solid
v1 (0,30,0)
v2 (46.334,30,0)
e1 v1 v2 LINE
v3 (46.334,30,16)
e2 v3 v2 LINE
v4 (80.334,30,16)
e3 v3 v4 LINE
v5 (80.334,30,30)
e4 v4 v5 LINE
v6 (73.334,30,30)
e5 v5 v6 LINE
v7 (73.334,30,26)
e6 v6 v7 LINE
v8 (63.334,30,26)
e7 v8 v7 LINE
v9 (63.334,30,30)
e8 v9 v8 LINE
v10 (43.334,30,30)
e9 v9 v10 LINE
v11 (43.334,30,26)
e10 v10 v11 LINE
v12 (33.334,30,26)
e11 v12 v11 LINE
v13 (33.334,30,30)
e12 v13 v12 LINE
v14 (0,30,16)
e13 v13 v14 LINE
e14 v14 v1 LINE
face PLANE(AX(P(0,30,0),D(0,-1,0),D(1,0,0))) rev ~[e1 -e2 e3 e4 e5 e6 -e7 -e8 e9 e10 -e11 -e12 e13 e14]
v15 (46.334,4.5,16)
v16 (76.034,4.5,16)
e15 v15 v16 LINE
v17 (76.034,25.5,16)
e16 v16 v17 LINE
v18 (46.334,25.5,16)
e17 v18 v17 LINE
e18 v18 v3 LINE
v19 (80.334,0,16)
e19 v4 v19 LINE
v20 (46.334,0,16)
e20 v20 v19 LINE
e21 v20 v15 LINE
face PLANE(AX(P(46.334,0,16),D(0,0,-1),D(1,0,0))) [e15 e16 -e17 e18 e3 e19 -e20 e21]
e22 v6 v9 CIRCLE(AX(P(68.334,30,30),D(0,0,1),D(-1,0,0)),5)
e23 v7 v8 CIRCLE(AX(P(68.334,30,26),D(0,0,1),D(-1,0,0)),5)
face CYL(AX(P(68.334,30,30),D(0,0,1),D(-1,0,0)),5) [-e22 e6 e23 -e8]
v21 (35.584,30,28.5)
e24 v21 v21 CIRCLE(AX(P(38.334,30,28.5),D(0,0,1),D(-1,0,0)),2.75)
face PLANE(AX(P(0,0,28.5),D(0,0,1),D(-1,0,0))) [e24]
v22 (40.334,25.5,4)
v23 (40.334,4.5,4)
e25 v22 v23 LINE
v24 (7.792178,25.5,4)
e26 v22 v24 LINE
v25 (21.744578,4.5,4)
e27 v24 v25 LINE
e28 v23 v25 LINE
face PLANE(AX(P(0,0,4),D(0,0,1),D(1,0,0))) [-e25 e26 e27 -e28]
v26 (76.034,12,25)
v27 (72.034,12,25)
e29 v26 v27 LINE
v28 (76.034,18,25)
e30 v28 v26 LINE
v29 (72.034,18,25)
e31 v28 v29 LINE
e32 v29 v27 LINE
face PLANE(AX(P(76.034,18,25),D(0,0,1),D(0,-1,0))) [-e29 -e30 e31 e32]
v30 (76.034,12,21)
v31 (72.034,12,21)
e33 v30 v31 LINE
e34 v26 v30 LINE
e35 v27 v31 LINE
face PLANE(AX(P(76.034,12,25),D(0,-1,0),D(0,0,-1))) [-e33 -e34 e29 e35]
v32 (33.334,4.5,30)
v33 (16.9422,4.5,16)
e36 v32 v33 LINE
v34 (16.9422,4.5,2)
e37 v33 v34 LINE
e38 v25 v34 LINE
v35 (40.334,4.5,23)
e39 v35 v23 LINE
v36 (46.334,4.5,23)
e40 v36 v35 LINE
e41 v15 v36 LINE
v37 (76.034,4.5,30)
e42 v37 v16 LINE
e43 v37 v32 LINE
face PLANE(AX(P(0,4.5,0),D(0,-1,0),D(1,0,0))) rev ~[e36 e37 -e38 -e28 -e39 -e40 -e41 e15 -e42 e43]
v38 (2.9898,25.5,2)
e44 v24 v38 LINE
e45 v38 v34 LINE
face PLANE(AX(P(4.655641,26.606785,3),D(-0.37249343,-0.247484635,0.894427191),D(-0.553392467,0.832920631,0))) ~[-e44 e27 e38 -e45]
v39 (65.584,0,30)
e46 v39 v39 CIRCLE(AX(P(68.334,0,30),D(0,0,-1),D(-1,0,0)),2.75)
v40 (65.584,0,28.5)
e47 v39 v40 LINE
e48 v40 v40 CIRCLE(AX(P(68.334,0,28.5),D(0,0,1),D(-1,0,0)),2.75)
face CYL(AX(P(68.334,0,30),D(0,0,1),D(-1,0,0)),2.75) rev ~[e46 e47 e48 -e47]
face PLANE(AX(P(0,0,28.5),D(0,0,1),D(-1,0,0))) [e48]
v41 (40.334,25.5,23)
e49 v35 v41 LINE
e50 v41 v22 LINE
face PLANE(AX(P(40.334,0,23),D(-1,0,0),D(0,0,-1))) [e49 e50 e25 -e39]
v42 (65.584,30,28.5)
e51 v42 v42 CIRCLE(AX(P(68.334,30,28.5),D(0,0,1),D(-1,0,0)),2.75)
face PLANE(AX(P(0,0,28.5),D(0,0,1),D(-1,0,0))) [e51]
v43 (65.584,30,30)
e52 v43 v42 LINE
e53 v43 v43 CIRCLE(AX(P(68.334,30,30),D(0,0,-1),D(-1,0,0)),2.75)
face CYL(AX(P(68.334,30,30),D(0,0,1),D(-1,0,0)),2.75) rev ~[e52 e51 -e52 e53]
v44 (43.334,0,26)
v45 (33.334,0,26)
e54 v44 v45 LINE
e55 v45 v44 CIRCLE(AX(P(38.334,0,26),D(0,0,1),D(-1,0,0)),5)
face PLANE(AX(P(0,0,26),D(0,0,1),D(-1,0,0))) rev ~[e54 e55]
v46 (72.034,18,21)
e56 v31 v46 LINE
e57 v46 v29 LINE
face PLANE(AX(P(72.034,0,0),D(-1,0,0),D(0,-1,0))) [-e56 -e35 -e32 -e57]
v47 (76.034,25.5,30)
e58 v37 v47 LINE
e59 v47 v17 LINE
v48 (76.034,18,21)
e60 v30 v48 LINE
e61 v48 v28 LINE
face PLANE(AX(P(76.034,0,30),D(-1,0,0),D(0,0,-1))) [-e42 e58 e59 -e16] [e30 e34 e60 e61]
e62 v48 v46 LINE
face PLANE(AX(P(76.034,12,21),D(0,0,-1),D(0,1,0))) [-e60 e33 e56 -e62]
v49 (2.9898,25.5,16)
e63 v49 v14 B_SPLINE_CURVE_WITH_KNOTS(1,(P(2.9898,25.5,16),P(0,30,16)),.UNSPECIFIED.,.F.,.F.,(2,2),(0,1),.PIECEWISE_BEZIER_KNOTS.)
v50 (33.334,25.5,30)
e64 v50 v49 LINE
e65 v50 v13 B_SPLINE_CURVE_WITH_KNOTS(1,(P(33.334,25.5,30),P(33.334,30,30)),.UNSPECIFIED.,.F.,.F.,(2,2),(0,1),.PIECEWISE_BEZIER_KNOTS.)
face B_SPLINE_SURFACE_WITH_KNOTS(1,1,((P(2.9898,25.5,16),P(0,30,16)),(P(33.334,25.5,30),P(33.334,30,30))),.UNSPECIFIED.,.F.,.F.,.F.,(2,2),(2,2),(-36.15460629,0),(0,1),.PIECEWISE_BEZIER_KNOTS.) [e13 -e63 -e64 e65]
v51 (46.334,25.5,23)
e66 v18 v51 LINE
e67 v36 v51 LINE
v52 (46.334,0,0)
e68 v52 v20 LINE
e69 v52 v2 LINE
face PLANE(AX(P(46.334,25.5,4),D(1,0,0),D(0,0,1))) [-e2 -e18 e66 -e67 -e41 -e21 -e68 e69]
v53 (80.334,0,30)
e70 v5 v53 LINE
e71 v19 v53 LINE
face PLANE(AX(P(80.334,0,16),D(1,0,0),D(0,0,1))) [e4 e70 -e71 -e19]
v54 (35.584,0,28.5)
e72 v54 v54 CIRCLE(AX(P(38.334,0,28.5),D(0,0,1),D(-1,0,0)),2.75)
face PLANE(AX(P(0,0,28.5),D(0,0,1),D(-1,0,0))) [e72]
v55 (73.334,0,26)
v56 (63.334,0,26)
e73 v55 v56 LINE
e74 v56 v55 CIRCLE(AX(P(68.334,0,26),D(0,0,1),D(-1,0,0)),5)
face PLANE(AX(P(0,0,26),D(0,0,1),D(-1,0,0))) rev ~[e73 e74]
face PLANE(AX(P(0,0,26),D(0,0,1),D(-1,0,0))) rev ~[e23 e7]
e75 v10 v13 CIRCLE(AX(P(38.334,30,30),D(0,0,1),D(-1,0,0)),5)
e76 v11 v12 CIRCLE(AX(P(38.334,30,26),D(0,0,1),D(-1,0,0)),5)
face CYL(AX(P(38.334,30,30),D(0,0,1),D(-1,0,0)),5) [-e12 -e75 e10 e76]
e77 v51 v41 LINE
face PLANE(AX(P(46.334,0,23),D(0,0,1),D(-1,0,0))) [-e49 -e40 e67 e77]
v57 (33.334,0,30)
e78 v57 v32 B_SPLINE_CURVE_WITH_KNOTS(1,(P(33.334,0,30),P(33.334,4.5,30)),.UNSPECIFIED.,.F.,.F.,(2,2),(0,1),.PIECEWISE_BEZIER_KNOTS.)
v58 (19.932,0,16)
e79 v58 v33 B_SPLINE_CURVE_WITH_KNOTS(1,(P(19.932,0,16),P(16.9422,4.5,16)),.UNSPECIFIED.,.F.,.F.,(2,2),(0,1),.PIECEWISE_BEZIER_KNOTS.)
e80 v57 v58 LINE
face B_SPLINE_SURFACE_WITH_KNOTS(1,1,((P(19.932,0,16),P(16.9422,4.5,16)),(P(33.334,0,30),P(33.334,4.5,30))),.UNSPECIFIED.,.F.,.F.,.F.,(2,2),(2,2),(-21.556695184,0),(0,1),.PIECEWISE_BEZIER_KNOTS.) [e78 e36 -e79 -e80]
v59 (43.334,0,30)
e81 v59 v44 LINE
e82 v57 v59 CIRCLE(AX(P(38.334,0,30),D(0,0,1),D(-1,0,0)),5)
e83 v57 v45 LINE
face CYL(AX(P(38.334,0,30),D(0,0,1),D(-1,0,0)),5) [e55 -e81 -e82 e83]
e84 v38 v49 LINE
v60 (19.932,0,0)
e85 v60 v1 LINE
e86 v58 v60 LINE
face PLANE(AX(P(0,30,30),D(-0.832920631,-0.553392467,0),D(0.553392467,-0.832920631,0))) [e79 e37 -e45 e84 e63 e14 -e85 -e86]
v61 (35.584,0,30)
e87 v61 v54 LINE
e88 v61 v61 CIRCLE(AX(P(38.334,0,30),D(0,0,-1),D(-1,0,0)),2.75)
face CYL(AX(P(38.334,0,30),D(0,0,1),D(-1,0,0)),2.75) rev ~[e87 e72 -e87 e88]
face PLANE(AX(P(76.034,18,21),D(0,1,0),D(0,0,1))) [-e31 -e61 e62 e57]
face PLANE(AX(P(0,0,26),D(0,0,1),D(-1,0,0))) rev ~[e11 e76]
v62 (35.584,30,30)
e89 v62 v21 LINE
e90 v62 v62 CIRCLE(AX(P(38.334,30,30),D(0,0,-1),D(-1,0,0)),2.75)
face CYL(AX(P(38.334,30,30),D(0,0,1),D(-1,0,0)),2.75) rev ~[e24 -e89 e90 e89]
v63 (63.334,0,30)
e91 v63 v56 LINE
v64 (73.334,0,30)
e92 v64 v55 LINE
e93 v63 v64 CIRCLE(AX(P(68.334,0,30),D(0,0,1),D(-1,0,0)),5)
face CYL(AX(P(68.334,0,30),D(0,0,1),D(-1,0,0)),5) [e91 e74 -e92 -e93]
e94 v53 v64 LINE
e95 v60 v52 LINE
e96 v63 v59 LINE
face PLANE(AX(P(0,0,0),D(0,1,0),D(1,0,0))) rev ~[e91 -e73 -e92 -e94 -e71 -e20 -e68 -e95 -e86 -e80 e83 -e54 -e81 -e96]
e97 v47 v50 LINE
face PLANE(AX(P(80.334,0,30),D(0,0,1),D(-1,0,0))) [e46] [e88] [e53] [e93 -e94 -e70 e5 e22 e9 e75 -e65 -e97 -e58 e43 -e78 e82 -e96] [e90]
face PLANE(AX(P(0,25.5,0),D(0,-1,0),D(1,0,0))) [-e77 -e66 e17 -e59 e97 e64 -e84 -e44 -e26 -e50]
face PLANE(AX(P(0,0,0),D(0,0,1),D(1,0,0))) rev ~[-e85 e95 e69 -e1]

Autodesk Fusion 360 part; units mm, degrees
sketch "Base" plane through (0, 0, 0) normal (0, 0, 1) x (1, 0, 0)
  line L0 (0, 0) -> (46.334, 0)
  line L1 (46.334, 0) -> (46.334, 30)
  line L2 (46.334, 30) -> (0, 30)
  line L3 (0, 30) -> (0, 0)
  dimension "d2" = 46.334
  dimension "d3" = 30
extrude "Extrude1" add sketch "Base" along normal blind 4
sketch "Side Profile" plane through (0, 0, 0) normal (0, -1, 0) x (1, 0, 0)
  line L0 (0, 0) -> (46.334, 0)
  line L1 (46.334, 0) -> (46.334, 4)
  line L2 (46.334, 4) -> (0, 4)
  line L3 (0, 4) -> (0, 0)
  line L4 (46.334, 4) -> (46.334, 16)
  line L5 (46.334, 16) -> (80.334, 16)
  line L6 (80.334, 16) -> (80.334, 30)
  line L7 (80.334, 30) -> (0, 30)
  line L8 (0, 30) -> (0, 4)
  dimension "d6" = 12
  dimension "d7" = 34
  dimension "d8" = 14
  dimension "d11" = 46.334
  dimension "d52" = 80.334
extrude "Extrude2" add sketch "Side Profile" against normal blind 4.5 contours L2 L4 L5 L6 L7 L8
extrude "Extrude3" add sketch "Side Profile" against normal blind 4.5 from surface at -25.5 contours L2 L4 L5 L6 L7 L8
sketch "Front End" plane through (0, 0, 0) normal (0, -1, 0) x (1, 0, 0)
  line L0 (0, 0) -> (46.334, 0)
  line L1 (46.334, 0) -> (46.334, 16)
  line L2 (46.334, 16) -> (80.334, 16)
  line L3 (80.334, 16) -> (80.334, 30)
  line L4 (80.334, 30) -> (0, 30)
  line L5 (0, 30) -> (0, 0)
  line L6 (80.334, 30) -> (76.034, 30)
  line L7 (76.034, 30) -> (76.034, 16)
  line L8 (76.034, 16) -> (80.334, 16)
  line L9 (80.334, 16) -> (80.334, 30)
  dimension "d17" = 4.3
extrude "Extrude4" add sketch "Front End" against normal blind 30 contours L2 L3 L4 L6 L7 L8 L9
sketch "Middle End" plane through (0, 0, 0) normal (0, -1, 0) x (1, 0, 0)
  line L0 (80.334, 30) -> (0, 30)
  line L1 (0, 30) -> (0, 0)
  line L2 (0, 0) -> (46.334, 0)
  line L3 (46.334, 0) -> (46.334, 16)
  line L4 (46.334, 16) -> (80.334, 16)
  line L5 (80.334, 16) -> (80.334, 30)
  line L6 (46.334, 23) -> (40.334, 23)
  line L7 (40.334, 23) -> (40.334, 0)
  line L8 (40.334, 0) -> (46.334, 0)
  line L9 (46.334, 0) -> (46.334, 23)
  dimension "d20" = 7
  dimension "d21" = 6
extrude "Extrude5" add sketch "Middle End" against normal blind 30 contours L2 L3 L6 L7 L8 L9
sketch "Lip" plane through (76.034, 0, 0) normal (-1, 0, 0) x (0, -1, 0)
  line L0 (-25.5, 30) -> (-25.5, 16)
  line L1 (-25.5, 16) -> (-4.5, 16)
  line L2 (-4.5, 16) -> (-4.5, 30)
  line L3 (-4.5, 30) -> (-25.5, 30)
  line L4 (-18, 25) -> (-12, 25)
  line L5 (-12, 25) -> (-12, 21)
  line L6 (-12, 21) -> (-18, 21)
  line L7 (-18, 21) -> (-18, 25)
  dimension "d24" = 5
  dimension "d25" = 6
  dimension "d26" = 4
  dimension "d27" = 7.5
extrude "Extrude6" add sketch "Lip" along normal blind 4 contours L4 L5 L6 L7
sketch "Magnet Holders" plane through (0, 0, 30) normal (0, 0, 1) x (-1, 0, 0)
  line L0 (-80.334, -30) -> (0, -30)
  line L1 (0, -30) -> (0, -25.5)
  line L2 (0, -25.5) -> (-76.034, -25.5)
  line L3 (-76.034, -25.5) -> (-76.034, -4.5)
  line L4 (-76.034, -4.5) -> (0, -4.5)
  line L5 (0, -4.5) -> (0, 0)
  line L6 (0, 0) -> (-80.334, 0)
  line L7 (-80.334, 0) -> (-80.334, -30)
  circle A0 centre (-68.334, -30) radius 5
  circle A1 centre (-38.334, -30) radius 5
  circle A2 centre (-38.334, 0) radius 5
  circle A3 centre (-68.334, 0) radius 5
  circle A4 centre (-38.334, 0) radius 2.75
  circle A5 centre (-68.334, 0) radius 2.75
  circle A6 centre (-38.334, -30) radius 2.75
  circle A7 centre (-68.334, -30) radius 2.75
  dimension "d33" = 10
  dimension "d34" = 10
  dimension "d35" = 10
  dimension "d36" = 10
  dimension "d37" = 12
  dimension "d38" = 12
  dimension "d43" = 5.5
  dimension "d44" = 5.5
  dimension "d45" = 5.5
  dimension "d46" = 5.5
  dimension "d50" = 42
  dimension "d51" = 42
extrude "Extrude8" add sketch "Magnet Holders" against normal blind 4 contours L0 A7 | L0 A0 A7 | L0 A1 A6 | L0 A6 | L6 A3 A5 | L6 A5 | L6 A2 A4 | L6 A4 picked at (-68.2655, -30.9141) picked at (-37.4674, -30.6679) picked at (-68.2655, 0.9141) picked at (-39.0365, 1.0303)
extrude "Extrude9" cut sketch "Magnet Holders" against normal blind 1.5 contours L0 A7 | L0 A7 | L0 A6 | L0 A6 | L6 A5 | L6 A5 | L6 A4 | L6 A4
sketch "Conduit Angle" plane through (0, 0, 30) normal (0, 0, 1) x (-1, 0, 0)
  circle A0 centre (-68.334, 0) radius 2.75
  circle A1 centre (-38.334, -30) radius 2.75
  circle A2 centre (-38.334, 0) radius 2.75
  circle A3 centre (-68.334, -30) radius 2.75
  line L0 (-33.334, -30) -> (0, -30)
  line L1 (0, -30) -> (0, -25.5)
  line L2 (0, -25.5) -> (-76.034, -25.5)
  line L3 (-76.034, -25.5) -> (-76.034, -4.5)
  line L4 (-76.034, -4.5) -> (0, -4.5)
  line L5 (0, -4.5) -> (0, 0)
  line L6 (0, 0) -> (-33.334, 0)
  arc A4 (-33.334, 0) -> (-43.334, 0) centre (-38.334, 0) ccw
  line L7 (-43.334, 0) -> (-63.334, 0)
  arc A5 (-63.334, 0) -> (-73.334, 0) centre (-68.334, 0) ccw
  line L8 (-73.334, 0) -> (-80.334, 0)
  line L9 (-80.334, 0) -> (-80.334, -30)
  line L10 (-80.334, -30) -> (-73.334, -30)
  arc A6 (-73.334, -30) -> (-63.334, -30) centre (-68.334, -30) ccw
  line L11 (-63.334, -30) -> (-43.334, -30)
  arc A7 (-43.334, -30) -> (-33.334, -30) centre (-38.334, -30) ccw
  line L12 (-40.334, -4.5) -> (-40.334, -25.5)
  line L13 (-40.334, -25.5) -> (0, -25.5)
  line L14 (0, -25.5) -> (0, -4.5)
  line L15 (0, -4.5) -> (-40.334, -4.5)
  line L16 (0, -30) -> (-19.932, 0)
  dimension "d53" = 33.6
extrude "Extrude10" cut sketch "Conduit Angle" against normal blind 30 contours L1 L2 L13 L16 | L2 L4 L13 L14 L15 L16 | L4 L5 L6 L15 L16
sketch "Conduit Height" plane through (13.8279, 9.1873, 0) normal (-0.8329, -0.5534, 0) x (0.5534, -0.8329, 0)
  line L0 (-19.585, 4) -> (-19.585, 30)
  line L1 (-19.585, 30) -> (-24.9876, 30)
  line L2 (-24.9876, 30) -> (-24.9876, 0)
  line L3 (-24.9876, 0) -> (11.0302, 0)
  line L4 (11.0302, 0) -> (11.0302, 30)
  line L5 (11.0302, 30) -> (5.6275, 30)
  line L6 (5.6275, 30) -> (5.6275, 4)
  line L7 (5.6275, 4) -> (-19.585, 4)
  line L8 (-24.9876, 0) -> (11.0302, 0)
  line L9 (11.0302, 0) -> (11.0302, 16)
  line L10 (11.0302, 16) -> (-24.9876, 16)
  line L11 (-24.9876, 16) -> (-24.9876, 0)
  point P0 (5.6275, 16)
  point P1 (-19.585, 16)
  dimension "d56" = 16
sketch "Colour Sensor Cover Shape" plane through (0, 0, 30) normal (0, 0, 1) x (-1, 0, 0)
  line L0 (0, -30) -> (-2.9898, -25.5)
  line L1 (-2.9898, -25.5) -> (-76.034, -25.5)
  line L2 (-76.034, -25.5) -> (-76.034, -4.5)
  line L3 (-76.034, -4.5) -> (-16.9422, -4.5)
  line L4 (-16.9422, -4.5) -> (-19.932, 0)
  line L5 (-19.932, 0) -> (-33.334, 0)
  arc A0 (-33.334, 0) -> (-43.334, 0) centre (-38.334, 0) ccw
  line L6 (-43.334, 0) -> (-63.334, 0)
  arc A1 (-63.334, 0) -> (-73.334, 0) centre (-68.334, 0) ccw
  line L7 (-73.334, 0) -> (-80.334, 0)
  line L8 (-80.334, 0) -> (-80.334, -30)
  line L9 (-80.334, -30) -> (-73.334, -30)
  arc A2 (-73.334, -30) -> (-63.334, -30) centre (-68.334, -30) ccw
  line L10 (-63.334, -30) -> (-43.334, -30)
  arc A3 (-43.334, -30) -> (-33.334, -30) centre (-38.334, -30) ccw
  line L11 (-33.334, -30) -> (0, -30)
  circle A4 centre (-68.334, 0) radius 2.75
  circle A5 centre (-38.334, -30) radius 2.75
  circle A6 centre (-38.334, 0) radius 2.75
  circle A7 centre (-68.334, -30) radius 2.75
  line L12 (-33.334, -30) -> (-33.334, 0)
  point P0 (-33.334, -25.5)
  point P1 (-33.334, -4.5)
sketch "Right Loft Outside Shape" plane through (0, 0, 0) normal (0, -1, 0) x (1, 0, 0)
  line L0 (19.932, 30) -> (19.932, 0)
  line L1 (19.932, 0) -> (46.334, 0)
  line L2 (46.334, 0) -> (46.334, 16)
  line L3 (46.334, 16) -> (80.334, 16)
  line L4 (80.334, 16) -> (80.334, 30)
  line L5 (80.334, 30) -> (73.334, 30)
  line L6 (73.334, 30) -> (73.334, 26)
  line L7 (73.334, 26) -> (63.334, 26)
  line L8 (63.334, 26) -> (63.334, 30)
  line L9 (63.334, 30) -> (43.334, 30)
  line L10 (43.334, 30) -> (43.334, 26)
  line L11 (43.334, 26) -> (33.334, 26)
  line L12 (33.334, 26) -> (33.334, 30)
  line L13 (33.334, 30) -> (19.932, 30)
  line L14 (33.334, 30) -> (19.932, 16)
  point P0 (33.334, 30)
  point P1 (19.932, 16)
sketch "Right Loft Inside Shape" plane through (0, 4.5, 0) normal (0, 1, 0) x (-1, 0, 0)
  line L0 (-16.9422, 4) -> (-16.9422, 30)
  line L1 (-16.9422, 30) -> (-76.034, 30)
  line L2 (-76.034, 30) -> (-76.034, 16)
  line L3 (-76.034, 16) -> (-46.334, 16)
  line L4 (-46.334, 16) -> (-46.334, 23)
  line L5 (-46.334, 23) -> (-40.334, 23)
  line L6 (-40.334, 23) -> (-40.334, 4)
  line L7 (-40.334, 4) -> (-16.9422, 4)
  line L8 (-33.334, 30) -> (-16.9422, 16)
  point P0 (-33.334, 30)
  point P1 (-16.9422, 16)
sketch "Left Loft Inside Shape" plane through (0, 25.5, 0) normal (0, -1, 0) x (1, 0, 0)
  line L0 (2.9898, 30) -> (2.9898, 4)
  line L1 (2.9898, 4) -> (40.334, 4)
  line L2 (40.334, 4) -> (40.334, 23)
  line L3 (40.334, 23) -> (46.334, 23)
  line L4 (46.334, 23) -> (46.334, 16)
  line L5 (46.334, 16) -> (76.034, 16)
  line L6 (76.034, 16) -> (76.034, 30)
  line L7 (76.034, 30) -> (2.9898, 30)
  line L8 (33.334, 30) -> (2.9898, 16)
  point P0 (33.334, 30)
  point P1 (2.9898, 16)
sketch "Left Loft Outside Shape" plane through (0, 30, 0) normal (0, 1, 0) x (-1, 0, 0)
  line L0 (-33.334, 30) -> (-33.334, 26)
  line L1 (-33.334, 26) -> (-43.334, 26)
  line L2 (-43.334, 26) -> (-43.334, 30)
  line L3 (-43.334, 30) -> (-63.334, 30)
  line L4 (-63.334, 30) -> (-63.334, 26)
  line L5 (-63.334, 26) -> (-73.334, 26)
  line L6 (-73.334, 26) -> (-73.334, 30)
  line L7 (-73.334, 30) -> (-80.334, 30)
  line L8 (-80.334, 30) -> (-80.334, 16)
  line L9 (-80.334, 16) -> (-46.334, 16)
  line L10 (-46.334, 16) -> (-46.334, 0)
  line L11 (-46.334, 0) -> (0, 0)
  line L12 (0, 0) -> (0, 30)
  line L13 (0, 30) -> (-33.334, 30)
  line L14 (-33.334, 30) -> (0, 16)
  point P0 (-33.334, 30)
  point P1 (0, 16)
loft "Loft1" cut profiles "Right Loft Outside Shape", "Right Loft Inside Shape" section 1 contours L0 L13 L14 section 2 contours L0 L1 L8
loft "Loft2" cut profiles "Left Loft Inside Shape", "Left Loft Outside Shape" section 1 contours L0 L7 L8 section 2 contours L12 L13 L14
chamfer "Chamfer2" distance 4 distance2 2 1 edges at (9.966, 15, 4) measured on face at (20.0887, 18.5, 4)
equation "base_plate_thickness = 4 mm"
equation "d4 = base_plate_thickness"
equation "d37 = 7 mm + 5 mm"
equation "d38 = 7 mm + 5 mm"
